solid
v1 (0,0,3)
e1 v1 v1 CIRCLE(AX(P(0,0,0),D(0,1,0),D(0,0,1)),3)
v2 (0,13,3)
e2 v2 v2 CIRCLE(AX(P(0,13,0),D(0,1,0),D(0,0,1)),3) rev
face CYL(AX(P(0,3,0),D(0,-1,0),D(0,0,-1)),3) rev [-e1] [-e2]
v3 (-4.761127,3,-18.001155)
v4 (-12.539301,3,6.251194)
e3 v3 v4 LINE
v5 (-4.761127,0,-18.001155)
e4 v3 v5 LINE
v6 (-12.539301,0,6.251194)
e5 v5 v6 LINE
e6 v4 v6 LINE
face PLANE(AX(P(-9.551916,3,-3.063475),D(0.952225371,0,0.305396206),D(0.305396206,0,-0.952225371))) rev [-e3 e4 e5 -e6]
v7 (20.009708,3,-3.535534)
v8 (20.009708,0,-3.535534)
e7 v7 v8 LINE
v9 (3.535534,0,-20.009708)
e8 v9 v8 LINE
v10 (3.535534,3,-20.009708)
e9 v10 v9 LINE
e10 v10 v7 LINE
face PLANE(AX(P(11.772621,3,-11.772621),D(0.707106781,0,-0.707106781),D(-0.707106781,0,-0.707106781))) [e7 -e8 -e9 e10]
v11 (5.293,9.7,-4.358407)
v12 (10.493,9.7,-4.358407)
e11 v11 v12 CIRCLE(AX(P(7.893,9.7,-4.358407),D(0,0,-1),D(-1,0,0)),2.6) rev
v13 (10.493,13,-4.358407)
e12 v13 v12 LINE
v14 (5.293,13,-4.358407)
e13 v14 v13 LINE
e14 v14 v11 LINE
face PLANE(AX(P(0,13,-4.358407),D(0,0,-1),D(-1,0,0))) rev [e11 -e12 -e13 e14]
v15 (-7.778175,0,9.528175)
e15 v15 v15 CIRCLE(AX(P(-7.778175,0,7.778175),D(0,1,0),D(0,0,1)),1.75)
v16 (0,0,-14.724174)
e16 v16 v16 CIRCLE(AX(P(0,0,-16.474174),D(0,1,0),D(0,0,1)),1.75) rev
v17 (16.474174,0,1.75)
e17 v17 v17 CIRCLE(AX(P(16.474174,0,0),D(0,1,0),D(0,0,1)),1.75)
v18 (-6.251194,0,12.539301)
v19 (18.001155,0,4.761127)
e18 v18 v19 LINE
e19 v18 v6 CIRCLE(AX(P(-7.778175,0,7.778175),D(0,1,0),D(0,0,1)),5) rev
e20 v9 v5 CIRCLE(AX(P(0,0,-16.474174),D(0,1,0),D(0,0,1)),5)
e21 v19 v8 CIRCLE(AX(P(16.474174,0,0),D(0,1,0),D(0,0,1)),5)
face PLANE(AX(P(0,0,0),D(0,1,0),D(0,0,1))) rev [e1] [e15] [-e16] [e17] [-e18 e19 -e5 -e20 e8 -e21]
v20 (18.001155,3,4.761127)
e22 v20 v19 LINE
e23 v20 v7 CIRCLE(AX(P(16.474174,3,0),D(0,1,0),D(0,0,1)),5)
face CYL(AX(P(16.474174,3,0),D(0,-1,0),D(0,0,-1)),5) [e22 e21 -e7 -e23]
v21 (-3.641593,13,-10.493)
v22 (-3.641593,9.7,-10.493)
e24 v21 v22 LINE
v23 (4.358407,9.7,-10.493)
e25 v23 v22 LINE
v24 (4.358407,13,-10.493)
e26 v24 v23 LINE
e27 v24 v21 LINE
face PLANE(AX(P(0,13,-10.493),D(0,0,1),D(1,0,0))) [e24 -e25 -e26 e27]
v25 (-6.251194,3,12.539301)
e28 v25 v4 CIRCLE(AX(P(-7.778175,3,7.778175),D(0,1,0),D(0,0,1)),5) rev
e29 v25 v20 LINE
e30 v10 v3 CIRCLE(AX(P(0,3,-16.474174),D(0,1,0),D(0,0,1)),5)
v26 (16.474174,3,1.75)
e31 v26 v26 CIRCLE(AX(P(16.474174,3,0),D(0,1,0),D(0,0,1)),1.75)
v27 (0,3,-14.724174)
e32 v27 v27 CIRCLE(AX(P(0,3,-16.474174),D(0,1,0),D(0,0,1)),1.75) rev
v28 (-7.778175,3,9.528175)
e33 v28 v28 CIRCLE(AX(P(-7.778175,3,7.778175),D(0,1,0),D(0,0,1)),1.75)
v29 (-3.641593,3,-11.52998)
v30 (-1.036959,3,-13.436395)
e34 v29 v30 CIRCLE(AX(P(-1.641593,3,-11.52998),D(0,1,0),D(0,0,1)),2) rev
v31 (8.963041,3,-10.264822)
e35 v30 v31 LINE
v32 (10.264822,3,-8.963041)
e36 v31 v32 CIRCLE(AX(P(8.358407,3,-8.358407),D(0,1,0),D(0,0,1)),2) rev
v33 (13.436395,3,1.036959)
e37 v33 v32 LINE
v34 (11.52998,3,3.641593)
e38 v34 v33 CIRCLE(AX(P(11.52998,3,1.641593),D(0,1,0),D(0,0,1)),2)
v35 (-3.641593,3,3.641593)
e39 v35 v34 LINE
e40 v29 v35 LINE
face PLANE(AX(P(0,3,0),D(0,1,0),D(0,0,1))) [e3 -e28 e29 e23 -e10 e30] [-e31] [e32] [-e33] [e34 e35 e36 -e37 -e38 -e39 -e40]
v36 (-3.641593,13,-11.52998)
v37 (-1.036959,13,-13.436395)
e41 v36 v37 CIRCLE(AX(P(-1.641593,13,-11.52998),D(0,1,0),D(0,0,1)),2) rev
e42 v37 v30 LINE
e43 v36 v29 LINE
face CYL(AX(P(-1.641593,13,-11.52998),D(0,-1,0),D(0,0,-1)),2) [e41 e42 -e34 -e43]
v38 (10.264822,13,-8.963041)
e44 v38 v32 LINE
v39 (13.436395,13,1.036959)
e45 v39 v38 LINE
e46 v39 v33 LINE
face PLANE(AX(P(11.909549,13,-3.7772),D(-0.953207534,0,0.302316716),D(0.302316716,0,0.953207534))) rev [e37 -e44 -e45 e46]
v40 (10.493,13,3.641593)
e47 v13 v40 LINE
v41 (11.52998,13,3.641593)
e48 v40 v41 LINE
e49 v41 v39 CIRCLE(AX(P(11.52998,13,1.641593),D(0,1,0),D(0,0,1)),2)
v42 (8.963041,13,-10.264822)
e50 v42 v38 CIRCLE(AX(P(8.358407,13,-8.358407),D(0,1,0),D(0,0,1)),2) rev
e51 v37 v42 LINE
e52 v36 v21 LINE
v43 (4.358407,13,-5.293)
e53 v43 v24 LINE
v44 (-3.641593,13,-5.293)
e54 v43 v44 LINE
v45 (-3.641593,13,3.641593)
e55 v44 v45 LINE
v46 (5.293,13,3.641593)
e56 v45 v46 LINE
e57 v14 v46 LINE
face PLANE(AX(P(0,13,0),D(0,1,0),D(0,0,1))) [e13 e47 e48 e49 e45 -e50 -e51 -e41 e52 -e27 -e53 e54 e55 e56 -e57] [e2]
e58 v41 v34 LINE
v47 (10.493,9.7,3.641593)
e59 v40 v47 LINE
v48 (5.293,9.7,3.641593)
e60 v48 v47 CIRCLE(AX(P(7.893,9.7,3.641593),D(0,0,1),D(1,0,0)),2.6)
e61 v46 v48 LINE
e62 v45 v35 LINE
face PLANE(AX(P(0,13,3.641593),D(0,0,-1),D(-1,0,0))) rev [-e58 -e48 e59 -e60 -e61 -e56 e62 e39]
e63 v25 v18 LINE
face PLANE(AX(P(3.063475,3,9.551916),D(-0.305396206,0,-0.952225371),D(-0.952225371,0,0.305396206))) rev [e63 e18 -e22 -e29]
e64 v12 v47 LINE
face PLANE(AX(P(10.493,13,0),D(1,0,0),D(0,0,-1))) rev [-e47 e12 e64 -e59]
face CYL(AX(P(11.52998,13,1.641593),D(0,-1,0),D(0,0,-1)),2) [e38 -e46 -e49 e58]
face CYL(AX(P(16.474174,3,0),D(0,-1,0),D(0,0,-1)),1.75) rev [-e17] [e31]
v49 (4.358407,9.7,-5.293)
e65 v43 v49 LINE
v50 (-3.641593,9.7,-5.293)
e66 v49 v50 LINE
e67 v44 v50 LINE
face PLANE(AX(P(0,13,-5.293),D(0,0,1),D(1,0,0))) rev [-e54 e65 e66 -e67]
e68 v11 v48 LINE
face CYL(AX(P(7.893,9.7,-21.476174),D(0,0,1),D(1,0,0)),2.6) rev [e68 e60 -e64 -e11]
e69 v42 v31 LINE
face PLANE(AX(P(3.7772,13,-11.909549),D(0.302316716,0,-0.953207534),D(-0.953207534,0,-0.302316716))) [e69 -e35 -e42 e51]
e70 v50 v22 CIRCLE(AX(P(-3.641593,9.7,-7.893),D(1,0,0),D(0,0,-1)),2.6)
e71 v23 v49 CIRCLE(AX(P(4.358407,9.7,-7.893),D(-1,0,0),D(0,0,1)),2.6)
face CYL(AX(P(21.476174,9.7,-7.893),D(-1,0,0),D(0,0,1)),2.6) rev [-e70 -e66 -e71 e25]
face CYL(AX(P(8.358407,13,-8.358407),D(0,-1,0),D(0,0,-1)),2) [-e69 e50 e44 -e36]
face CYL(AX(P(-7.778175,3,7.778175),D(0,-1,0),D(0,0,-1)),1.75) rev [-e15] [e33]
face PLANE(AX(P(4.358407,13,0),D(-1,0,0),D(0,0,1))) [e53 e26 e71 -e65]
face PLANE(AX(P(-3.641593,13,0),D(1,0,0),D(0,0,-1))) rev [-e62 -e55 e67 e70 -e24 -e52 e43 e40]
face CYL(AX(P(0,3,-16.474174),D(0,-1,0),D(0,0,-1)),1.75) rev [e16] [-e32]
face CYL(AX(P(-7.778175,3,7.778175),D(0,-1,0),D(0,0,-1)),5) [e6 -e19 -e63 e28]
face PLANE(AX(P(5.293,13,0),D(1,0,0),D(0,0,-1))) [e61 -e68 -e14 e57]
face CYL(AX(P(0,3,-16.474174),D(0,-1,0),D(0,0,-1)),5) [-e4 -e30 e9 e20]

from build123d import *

# Parameters (mm, degrees)
SKETCH_1_R      = 3
SKETCH_1_R_2    = 1.75
EXTRUDE_1_DEPTH = 3
SKETCH_4_R      = 3
EXTRUDE_3_DEPTH = 10
EXTRUDE_5_REACH = 37.51


with BuildPart() as part:
    # 草图1 → 凸台-拉伸1 (new body)
    with BuildSketch(Plane(origin=(0, 0, 0), x_dir=(1, 0, 0), z_dir=(0, 1, 0))):
        with BuildLine():
            Line((-6.251193562, -12.539301448), (18.001154819, -4.761126855))
            ThreePointArc((18.001154819, -4.761126855), (21.333794073, -1.176473834), (20.009707694, 3.535533906))
            Line((20.009707694, 3.535533906), (3.535533906, 20.009707694))
            ThreePointArc((3.535533906, 20.009707694), (-1.176473834, 21.333794073), (-4.761126855, 18.001154819))
            Line((-4.761126855, 18.001154819), (-12.539301448, -6.251193562))
            ThreePointArc((-12.539301448, -6.251193562), (-11.313708499, -11.313708499), (-6.251193562, -12.539301448))
        make_face()
        with Locations(Location((0, 0, 0), (0, 0, 270))):
            Circle(SKETCH_1_R, mode=Mode.SUBTRACT)
        with Locations(Location((0, 16.474173788, 0), (0, 0, 270))):
            Circle(SKETCH_1_R_2, mode=Mode.SUBTRACT)
        with Locations(Location((16.474173788, 0, 0), (0, 0, 270))):
            Circle(SKETCH_1_R_2, mode=Mode.SUBTRACT)
        with Locations(Location((-7.778174593, -7.778174593, 0), (0, 0, 270))):
            Circle(SKETCH_1_R_2, mode=Mode.SUBTRACT)
    extrude(amount=EXTRUDE_1_DEPTH)

    # 草图4 → 凸台-拉伸3 (add)
    with BuildSketch(Plane(origin=(0, 3, 0), x_dir=(1, 0, 0), z_dir=(0, 1, 0))):
        with BuildLine():
            ThreePointArc((-1.03695933, 13.436395181), (-2.822849114, 13.143867789), (-3.641592762, 11.529980113))
            Line((-3.641592762, 11.529980113), (-3.641592762, 10.493))
            Line((-3.641592762, 10.493), (4.358407238, 10.493))
            Line((4.358407238, 10.493), (4.358407238, 5.293))
            Line((4.358407238, 5.293), (-3.641592762, 5.293))
            Line((-3.641592762, 5.293), (-3.641592762, -3.641592762))
            Line((-3.641592762, -3.641592762), (5.293, -3.641592762))
            Line((5.293, -3.641592762), (5.293, 4.358407238))
            Line((5.293, 4.358407238), (10.493, 4.358407238))
            Line((10.493, 4.358407238), (10.493, -3.641592762))
            Line((10.493, -3.641592762), (11.529980113, -3.641592762))
            ThreePointArc((11.529980113, -3.641592762), (13.143867789, -2.822849114), (13.436395181, -1.03695933))
            Line((13.436395181, -1.03695933), (10.264822306, 8.96304067))
            ThreePointArc((10.264822306, 8.96304067), (9.7726208, 9.7726208), (8.96304067, 10.264822306))
            Line((8.96304067, 10.264822306), (-1.03695933, 13.436395181))
        make_face()
        Circle(SKETCH_4_R, mode=Mode.SUBTRACT)
    extrude(amount=EXTRUDE_3_DEPTH)

    # 草图8 → 凸台-拉伸5 (add, up to next)
    with BuildSketch(Plane.XY.offset(3.641592762), mode=Mode.PRIVATE) as extrude_5_sk1:
        with BuildLine():
            ThreePointArc((10.493, 9.7), (7.893, 7.1), (5.293, 9.7))
            Line((5.293, 9.7), (5.293, 3))
            Line((5.293, 3), (10.493, 3))
            Line((10.493, 3), (10.493, 9.7))
        make_face()
    extrude_5_tool1 = extrude(extrude_5_sk1.sketch, amount=-EXTRUDE_5_REACH, mode=Mode.PRIVATE) - part.part
    extrude_5 = extrude_5_tool1.solids().sort_by_distance((7.893, 5.365131, 3.641593))[0]
    add(extrude_5)

    # 镜向7: 凸台-拉伸5 across plane
    add(extrude_5.mirror(Plane(origin=(0, 0, 0), x_dir=(-0.7071067811865476, 0, 0.7071067811865475), z_dir=(0.7071067811865475, 0, 0.7071067811865476))))


solid = part.part
